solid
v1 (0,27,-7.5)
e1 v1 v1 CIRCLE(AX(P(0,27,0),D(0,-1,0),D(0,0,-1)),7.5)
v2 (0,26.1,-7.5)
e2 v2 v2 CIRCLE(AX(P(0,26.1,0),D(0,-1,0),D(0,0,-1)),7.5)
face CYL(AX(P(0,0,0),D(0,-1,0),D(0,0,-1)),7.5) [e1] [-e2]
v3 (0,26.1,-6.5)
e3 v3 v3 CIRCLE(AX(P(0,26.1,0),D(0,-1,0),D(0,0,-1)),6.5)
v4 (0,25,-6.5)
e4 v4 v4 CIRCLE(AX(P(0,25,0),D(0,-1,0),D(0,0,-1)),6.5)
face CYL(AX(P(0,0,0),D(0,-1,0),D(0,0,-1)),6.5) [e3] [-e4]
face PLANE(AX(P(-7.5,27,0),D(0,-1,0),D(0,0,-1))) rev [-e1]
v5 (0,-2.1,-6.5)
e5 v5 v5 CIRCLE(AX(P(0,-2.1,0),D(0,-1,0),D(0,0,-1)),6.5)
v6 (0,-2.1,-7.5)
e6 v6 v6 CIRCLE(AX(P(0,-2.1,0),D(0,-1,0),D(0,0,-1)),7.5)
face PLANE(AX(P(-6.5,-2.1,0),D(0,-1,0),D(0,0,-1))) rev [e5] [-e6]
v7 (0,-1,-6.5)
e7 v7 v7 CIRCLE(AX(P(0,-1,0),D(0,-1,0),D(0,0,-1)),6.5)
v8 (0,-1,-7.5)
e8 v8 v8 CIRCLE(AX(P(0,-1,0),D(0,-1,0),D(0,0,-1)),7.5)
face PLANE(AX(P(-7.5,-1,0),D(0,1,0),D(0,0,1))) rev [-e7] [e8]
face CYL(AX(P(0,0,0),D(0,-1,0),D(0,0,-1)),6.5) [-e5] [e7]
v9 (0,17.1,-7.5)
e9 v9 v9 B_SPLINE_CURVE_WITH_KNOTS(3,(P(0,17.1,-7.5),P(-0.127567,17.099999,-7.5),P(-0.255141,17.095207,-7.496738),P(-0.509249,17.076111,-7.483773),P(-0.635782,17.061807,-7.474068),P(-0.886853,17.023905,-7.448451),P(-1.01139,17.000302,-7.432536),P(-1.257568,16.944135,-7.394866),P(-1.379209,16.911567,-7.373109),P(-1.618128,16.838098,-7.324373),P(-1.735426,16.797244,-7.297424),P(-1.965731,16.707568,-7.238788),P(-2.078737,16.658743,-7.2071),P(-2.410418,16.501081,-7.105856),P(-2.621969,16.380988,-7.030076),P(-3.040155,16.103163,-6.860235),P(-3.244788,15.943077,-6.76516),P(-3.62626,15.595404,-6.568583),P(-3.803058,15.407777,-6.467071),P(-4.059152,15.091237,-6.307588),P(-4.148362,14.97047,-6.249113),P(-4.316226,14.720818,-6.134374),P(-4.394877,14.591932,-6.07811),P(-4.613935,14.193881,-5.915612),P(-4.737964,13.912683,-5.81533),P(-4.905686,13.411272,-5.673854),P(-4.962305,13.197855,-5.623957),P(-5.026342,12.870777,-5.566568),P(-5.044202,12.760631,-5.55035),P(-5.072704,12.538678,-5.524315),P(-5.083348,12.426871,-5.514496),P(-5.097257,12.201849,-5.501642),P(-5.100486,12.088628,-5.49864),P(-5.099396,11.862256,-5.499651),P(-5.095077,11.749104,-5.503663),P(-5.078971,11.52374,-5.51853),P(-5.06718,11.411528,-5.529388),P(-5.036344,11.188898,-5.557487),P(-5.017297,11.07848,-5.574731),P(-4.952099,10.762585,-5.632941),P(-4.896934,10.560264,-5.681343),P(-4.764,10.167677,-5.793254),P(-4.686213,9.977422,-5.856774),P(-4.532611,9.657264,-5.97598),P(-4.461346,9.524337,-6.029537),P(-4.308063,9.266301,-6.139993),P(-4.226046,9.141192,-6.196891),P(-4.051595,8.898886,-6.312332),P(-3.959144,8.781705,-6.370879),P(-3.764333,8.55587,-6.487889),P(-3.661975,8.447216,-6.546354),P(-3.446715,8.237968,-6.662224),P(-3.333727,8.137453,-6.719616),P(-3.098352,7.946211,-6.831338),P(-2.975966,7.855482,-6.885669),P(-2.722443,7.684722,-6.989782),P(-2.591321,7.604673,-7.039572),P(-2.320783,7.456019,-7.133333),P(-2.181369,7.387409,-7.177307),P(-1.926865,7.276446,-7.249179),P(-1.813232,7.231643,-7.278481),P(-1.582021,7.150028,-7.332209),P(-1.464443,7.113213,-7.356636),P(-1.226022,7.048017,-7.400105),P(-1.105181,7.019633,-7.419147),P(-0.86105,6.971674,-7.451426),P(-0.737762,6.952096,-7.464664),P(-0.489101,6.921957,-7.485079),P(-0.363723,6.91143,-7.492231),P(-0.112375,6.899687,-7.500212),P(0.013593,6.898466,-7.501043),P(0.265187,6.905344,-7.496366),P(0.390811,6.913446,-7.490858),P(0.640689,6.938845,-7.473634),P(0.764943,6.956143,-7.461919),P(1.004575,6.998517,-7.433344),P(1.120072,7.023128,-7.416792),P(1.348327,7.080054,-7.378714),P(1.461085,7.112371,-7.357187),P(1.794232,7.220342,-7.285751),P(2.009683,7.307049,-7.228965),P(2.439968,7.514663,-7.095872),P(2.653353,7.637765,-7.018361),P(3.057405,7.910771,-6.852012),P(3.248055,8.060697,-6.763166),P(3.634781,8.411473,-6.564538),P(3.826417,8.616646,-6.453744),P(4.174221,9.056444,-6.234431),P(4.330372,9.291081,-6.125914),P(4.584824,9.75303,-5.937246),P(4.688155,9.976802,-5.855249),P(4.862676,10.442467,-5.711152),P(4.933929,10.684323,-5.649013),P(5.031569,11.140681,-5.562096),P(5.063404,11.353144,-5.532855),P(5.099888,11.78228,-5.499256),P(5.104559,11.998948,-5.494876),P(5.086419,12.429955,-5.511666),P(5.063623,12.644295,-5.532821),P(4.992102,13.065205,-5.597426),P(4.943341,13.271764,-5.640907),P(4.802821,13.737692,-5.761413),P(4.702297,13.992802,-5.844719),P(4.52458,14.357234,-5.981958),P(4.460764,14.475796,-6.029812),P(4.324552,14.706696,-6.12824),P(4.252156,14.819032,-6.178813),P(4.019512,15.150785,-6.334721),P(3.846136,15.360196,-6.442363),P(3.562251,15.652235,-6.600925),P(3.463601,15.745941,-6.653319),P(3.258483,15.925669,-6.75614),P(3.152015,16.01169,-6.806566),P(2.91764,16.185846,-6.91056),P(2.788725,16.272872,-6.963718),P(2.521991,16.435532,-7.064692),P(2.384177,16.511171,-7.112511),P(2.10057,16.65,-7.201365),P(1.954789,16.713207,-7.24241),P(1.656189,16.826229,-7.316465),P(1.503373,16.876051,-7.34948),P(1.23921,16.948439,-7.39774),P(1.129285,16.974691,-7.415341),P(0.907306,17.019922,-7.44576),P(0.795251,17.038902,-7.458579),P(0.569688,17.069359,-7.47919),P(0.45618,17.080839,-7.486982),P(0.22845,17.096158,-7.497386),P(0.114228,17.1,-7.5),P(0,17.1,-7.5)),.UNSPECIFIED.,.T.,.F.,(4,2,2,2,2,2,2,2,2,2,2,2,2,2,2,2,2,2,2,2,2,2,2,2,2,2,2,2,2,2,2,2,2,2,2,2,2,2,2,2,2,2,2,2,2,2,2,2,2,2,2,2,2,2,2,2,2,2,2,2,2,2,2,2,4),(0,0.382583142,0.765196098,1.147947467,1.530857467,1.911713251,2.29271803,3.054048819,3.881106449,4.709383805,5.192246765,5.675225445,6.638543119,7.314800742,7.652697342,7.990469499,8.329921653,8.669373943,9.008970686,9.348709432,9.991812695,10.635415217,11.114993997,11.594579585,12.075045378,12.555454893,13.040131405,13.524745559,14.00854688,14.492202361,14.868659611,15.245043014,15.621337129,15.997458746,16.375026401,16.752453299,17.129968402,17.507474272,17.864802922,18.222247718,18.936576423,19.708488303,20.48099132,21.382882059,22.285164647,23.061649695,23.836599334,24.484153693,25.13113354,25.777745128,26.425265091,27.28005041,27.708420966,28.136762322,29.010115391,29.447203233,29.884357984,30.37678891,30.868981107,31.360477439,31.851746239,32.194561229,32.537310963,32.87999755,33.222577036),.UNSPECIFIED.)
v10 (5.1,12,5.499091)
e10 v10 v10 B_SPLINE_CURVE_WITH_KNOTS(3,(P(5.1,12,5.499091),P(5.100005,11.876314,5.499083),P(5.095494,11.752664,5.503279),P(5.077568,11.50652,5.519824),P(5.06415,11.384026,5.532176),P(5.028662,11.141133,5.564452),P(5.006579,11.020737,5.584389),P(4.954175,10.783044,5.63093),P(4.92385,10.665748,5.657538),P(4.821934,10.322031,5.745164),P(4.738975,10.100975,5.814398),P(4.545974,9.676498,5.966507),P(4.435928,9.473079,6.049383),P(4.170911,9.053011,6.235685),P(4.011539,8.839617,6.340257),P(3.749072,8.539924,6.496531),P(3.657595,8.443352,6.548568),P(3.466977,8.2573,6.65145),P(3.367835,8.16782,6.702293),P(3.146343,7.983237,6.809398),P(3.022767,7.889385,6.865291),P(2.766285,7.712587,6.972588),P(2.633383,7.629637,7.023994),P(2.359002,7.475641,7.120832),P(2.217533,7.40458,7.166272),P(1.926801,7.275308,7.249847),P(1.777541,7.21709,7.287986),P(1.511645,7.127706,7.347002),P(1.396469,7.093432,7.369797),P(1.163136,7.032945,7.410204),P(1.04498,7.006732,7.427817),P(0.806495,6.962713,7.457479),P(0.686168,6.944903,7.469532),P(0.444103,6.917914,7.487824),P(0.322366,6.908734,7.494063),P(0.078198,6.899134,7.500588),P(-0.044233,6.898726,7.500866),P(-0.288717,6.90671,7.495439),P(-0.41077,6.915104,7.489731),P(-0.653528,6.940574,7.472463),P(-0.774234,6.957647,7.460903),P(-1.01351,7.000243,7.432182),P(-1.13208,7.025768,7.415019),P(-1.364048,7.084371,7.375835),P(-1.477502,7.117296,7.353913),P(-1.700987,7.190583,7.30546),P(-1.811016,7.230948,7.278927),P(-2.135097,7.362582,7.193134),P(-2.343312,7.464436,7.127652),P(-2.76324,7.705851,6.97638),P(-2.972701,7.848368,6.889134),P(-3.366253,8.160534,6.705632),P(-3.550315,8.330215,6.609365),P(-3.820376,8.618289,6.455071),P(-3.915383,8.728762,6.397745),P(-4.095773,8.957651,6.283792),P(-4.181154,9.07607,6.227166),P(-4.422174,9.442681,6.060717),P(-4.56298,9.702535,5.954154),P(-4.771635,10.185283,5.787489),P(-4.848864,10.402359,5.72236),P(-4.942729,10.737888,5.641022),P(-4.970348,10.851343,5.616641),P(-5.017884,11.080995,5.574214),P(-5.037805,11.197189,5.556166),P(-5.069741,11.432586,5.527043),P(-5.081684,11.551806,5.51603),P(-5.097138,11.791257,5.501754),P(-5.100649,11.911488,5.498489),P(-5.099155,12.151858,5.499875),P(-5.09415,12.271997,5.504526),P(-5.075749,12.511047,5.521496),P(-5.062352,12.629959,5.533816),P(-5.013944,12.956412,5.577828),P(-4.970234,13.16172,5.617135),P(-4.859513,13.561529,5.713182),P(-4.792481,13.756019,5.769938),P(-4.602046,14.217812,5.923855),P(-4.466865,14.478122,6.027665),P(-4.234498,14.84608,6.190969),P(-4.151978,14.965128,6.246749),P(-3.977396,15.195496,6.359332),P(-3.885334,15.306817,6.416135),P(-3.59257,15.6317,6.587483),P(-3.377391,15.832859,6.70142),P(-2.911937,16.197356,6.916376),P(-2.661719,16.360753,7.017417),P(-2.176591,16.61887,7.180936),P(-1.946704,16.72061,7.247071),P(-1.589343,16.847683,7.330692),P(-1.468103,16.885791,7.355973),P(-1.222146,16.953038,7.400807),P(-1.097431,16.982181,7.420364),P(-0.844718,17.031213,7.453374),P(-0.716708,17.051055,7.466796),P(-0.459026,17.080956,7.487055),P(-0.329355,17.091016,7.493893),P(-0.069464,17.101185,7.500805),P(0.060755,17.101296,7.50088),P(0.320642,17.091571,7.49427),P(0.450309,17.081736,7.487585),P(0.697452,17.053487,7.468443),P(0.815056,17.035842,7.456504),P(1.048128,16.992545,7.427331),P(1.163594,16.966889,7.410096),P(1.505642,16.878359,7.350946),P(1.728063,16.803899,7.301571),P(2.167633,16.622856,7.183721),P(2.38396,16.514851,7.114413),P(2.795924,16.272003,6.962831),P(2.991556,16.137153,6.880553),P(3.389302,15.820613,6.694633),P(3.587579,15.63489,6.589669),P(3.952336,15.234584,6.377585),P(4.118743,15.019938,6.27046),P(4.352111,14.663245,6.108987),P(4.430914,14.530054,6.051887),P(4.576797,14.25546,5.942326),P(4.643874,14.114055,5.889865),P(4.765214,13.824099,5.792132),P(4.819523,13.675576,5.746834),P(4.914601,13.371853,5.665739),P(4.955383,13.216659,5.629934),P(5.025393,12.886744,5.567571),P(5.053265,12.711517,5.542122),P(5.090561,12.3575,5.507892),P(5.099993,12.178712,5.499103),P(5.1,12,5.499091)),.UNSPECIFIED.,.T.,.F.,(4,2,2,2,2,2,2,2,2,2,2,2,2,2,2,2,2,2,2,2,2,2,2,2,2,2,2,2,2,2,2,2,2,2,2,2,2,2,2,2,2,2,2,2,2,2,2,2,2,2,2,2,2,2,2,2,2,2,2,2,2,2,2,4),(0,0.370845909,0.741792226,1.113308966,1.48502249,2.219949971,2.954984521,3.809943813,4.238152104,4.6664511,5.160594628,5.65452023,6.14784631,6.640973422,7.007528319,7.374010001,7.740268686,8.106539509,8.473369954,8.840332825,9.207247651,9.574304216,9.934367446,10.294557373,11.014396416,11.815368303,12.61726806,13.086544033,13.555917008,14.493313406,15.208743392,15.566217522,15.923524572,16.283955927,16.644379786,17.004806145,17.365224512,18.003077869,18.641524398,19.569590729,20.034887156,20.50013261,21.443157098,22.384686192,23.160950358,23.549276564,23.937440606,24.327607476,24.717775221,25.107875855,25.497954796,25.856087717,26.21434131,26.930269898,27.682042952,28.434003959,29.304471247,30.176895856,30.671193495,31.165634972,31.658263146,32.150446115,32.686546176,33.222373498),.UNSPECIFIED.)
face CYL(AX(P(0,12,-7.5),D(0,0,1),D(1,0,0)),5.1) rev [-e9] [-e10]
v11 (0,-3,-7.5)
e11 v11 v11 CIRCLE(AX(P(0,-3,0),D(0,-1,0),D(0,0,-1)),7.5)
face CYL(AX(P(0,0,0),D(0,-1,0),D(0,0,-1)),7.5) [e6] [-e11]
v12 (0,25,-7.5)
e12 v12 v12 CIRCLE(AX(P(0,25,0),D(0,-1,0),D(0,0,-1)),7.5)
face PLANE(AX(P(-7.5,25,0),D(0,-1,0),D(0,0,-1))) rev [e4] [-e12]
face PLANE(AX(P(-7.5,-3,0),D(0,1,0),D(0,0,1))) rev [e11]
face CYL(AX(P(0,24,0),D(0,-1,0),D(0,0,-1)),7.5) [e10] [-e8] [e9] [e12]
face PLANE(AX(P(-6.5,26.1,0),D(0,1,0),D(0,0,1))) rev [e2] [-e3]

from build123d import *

# Parameters (mm, degrees)
SKETCH1_R               = 7.5
BOSS_EXTRUDE1_DEPTH     = 24
CUT_EXTRUDE1_DEPTH      = 27.239283527
CUT_EXTRUDE1_DEPTH_BACK = 27.239283527
SKETCH2_R               = 5.1


with BuildPart() as part:
    # Sketch1 → Boss-Extrude1 (new body)
    with BuildSketch(Plane(origin=(0, 0, 0), x_dir=(1, 0, 0), z_dir=(0, 1, 0))):
        with Locations(Location((0, 0, 0), (0, 0, 270))):
            Circle(SKETCH1_R)
    extrude(amount=BOSS_EXTRUDE1_DEPTH)

    # Sketch2 → Cut-Extrude1 (cut, two sides: drawn at the far end of the back side and taken through both)
    with BuildSketch(Plane.XY.offset(-CUT_EXTRUDE1_DEPTH_BACK)):
        with Locations(Location((0, 12, 0), (0, 0, 90.000000001))):
            Circle(SKETCH2_R)
    extrude(amount=CUT_EXTRUDE1_DEPTH + CUT_EXTRUDE1_DEPTH_BACK, mode=Mode.SUBTRACT)

    # Sketch3 → Revolve1 (revolve)
    with BuildSketch(Plane.XY, mode=Mode.PRIVATE) as revolve1_sk:
        Polygon((0, 24), (-7.5, 24), (-7.5, 25), (-6.5, 25), (-6.5, 26.1), (-7.5, 26.1), (-7.5, 27), (0, 27), align=None)
        Polygon((-7.5, -3), (0, -3), (0, 0), (-7.5, 0), (-7.5, -1), (-6.5, -1), (-6.5, -2.1), (-7.5, -2.1), align=None)
    revolve(revolve1_sk.sketch.rotate(Axis((0, 0, 0), (0, 1, 0)), 270), axis=Axis((0, 0, 0), (0, 1, 0)))


solid = part.part
